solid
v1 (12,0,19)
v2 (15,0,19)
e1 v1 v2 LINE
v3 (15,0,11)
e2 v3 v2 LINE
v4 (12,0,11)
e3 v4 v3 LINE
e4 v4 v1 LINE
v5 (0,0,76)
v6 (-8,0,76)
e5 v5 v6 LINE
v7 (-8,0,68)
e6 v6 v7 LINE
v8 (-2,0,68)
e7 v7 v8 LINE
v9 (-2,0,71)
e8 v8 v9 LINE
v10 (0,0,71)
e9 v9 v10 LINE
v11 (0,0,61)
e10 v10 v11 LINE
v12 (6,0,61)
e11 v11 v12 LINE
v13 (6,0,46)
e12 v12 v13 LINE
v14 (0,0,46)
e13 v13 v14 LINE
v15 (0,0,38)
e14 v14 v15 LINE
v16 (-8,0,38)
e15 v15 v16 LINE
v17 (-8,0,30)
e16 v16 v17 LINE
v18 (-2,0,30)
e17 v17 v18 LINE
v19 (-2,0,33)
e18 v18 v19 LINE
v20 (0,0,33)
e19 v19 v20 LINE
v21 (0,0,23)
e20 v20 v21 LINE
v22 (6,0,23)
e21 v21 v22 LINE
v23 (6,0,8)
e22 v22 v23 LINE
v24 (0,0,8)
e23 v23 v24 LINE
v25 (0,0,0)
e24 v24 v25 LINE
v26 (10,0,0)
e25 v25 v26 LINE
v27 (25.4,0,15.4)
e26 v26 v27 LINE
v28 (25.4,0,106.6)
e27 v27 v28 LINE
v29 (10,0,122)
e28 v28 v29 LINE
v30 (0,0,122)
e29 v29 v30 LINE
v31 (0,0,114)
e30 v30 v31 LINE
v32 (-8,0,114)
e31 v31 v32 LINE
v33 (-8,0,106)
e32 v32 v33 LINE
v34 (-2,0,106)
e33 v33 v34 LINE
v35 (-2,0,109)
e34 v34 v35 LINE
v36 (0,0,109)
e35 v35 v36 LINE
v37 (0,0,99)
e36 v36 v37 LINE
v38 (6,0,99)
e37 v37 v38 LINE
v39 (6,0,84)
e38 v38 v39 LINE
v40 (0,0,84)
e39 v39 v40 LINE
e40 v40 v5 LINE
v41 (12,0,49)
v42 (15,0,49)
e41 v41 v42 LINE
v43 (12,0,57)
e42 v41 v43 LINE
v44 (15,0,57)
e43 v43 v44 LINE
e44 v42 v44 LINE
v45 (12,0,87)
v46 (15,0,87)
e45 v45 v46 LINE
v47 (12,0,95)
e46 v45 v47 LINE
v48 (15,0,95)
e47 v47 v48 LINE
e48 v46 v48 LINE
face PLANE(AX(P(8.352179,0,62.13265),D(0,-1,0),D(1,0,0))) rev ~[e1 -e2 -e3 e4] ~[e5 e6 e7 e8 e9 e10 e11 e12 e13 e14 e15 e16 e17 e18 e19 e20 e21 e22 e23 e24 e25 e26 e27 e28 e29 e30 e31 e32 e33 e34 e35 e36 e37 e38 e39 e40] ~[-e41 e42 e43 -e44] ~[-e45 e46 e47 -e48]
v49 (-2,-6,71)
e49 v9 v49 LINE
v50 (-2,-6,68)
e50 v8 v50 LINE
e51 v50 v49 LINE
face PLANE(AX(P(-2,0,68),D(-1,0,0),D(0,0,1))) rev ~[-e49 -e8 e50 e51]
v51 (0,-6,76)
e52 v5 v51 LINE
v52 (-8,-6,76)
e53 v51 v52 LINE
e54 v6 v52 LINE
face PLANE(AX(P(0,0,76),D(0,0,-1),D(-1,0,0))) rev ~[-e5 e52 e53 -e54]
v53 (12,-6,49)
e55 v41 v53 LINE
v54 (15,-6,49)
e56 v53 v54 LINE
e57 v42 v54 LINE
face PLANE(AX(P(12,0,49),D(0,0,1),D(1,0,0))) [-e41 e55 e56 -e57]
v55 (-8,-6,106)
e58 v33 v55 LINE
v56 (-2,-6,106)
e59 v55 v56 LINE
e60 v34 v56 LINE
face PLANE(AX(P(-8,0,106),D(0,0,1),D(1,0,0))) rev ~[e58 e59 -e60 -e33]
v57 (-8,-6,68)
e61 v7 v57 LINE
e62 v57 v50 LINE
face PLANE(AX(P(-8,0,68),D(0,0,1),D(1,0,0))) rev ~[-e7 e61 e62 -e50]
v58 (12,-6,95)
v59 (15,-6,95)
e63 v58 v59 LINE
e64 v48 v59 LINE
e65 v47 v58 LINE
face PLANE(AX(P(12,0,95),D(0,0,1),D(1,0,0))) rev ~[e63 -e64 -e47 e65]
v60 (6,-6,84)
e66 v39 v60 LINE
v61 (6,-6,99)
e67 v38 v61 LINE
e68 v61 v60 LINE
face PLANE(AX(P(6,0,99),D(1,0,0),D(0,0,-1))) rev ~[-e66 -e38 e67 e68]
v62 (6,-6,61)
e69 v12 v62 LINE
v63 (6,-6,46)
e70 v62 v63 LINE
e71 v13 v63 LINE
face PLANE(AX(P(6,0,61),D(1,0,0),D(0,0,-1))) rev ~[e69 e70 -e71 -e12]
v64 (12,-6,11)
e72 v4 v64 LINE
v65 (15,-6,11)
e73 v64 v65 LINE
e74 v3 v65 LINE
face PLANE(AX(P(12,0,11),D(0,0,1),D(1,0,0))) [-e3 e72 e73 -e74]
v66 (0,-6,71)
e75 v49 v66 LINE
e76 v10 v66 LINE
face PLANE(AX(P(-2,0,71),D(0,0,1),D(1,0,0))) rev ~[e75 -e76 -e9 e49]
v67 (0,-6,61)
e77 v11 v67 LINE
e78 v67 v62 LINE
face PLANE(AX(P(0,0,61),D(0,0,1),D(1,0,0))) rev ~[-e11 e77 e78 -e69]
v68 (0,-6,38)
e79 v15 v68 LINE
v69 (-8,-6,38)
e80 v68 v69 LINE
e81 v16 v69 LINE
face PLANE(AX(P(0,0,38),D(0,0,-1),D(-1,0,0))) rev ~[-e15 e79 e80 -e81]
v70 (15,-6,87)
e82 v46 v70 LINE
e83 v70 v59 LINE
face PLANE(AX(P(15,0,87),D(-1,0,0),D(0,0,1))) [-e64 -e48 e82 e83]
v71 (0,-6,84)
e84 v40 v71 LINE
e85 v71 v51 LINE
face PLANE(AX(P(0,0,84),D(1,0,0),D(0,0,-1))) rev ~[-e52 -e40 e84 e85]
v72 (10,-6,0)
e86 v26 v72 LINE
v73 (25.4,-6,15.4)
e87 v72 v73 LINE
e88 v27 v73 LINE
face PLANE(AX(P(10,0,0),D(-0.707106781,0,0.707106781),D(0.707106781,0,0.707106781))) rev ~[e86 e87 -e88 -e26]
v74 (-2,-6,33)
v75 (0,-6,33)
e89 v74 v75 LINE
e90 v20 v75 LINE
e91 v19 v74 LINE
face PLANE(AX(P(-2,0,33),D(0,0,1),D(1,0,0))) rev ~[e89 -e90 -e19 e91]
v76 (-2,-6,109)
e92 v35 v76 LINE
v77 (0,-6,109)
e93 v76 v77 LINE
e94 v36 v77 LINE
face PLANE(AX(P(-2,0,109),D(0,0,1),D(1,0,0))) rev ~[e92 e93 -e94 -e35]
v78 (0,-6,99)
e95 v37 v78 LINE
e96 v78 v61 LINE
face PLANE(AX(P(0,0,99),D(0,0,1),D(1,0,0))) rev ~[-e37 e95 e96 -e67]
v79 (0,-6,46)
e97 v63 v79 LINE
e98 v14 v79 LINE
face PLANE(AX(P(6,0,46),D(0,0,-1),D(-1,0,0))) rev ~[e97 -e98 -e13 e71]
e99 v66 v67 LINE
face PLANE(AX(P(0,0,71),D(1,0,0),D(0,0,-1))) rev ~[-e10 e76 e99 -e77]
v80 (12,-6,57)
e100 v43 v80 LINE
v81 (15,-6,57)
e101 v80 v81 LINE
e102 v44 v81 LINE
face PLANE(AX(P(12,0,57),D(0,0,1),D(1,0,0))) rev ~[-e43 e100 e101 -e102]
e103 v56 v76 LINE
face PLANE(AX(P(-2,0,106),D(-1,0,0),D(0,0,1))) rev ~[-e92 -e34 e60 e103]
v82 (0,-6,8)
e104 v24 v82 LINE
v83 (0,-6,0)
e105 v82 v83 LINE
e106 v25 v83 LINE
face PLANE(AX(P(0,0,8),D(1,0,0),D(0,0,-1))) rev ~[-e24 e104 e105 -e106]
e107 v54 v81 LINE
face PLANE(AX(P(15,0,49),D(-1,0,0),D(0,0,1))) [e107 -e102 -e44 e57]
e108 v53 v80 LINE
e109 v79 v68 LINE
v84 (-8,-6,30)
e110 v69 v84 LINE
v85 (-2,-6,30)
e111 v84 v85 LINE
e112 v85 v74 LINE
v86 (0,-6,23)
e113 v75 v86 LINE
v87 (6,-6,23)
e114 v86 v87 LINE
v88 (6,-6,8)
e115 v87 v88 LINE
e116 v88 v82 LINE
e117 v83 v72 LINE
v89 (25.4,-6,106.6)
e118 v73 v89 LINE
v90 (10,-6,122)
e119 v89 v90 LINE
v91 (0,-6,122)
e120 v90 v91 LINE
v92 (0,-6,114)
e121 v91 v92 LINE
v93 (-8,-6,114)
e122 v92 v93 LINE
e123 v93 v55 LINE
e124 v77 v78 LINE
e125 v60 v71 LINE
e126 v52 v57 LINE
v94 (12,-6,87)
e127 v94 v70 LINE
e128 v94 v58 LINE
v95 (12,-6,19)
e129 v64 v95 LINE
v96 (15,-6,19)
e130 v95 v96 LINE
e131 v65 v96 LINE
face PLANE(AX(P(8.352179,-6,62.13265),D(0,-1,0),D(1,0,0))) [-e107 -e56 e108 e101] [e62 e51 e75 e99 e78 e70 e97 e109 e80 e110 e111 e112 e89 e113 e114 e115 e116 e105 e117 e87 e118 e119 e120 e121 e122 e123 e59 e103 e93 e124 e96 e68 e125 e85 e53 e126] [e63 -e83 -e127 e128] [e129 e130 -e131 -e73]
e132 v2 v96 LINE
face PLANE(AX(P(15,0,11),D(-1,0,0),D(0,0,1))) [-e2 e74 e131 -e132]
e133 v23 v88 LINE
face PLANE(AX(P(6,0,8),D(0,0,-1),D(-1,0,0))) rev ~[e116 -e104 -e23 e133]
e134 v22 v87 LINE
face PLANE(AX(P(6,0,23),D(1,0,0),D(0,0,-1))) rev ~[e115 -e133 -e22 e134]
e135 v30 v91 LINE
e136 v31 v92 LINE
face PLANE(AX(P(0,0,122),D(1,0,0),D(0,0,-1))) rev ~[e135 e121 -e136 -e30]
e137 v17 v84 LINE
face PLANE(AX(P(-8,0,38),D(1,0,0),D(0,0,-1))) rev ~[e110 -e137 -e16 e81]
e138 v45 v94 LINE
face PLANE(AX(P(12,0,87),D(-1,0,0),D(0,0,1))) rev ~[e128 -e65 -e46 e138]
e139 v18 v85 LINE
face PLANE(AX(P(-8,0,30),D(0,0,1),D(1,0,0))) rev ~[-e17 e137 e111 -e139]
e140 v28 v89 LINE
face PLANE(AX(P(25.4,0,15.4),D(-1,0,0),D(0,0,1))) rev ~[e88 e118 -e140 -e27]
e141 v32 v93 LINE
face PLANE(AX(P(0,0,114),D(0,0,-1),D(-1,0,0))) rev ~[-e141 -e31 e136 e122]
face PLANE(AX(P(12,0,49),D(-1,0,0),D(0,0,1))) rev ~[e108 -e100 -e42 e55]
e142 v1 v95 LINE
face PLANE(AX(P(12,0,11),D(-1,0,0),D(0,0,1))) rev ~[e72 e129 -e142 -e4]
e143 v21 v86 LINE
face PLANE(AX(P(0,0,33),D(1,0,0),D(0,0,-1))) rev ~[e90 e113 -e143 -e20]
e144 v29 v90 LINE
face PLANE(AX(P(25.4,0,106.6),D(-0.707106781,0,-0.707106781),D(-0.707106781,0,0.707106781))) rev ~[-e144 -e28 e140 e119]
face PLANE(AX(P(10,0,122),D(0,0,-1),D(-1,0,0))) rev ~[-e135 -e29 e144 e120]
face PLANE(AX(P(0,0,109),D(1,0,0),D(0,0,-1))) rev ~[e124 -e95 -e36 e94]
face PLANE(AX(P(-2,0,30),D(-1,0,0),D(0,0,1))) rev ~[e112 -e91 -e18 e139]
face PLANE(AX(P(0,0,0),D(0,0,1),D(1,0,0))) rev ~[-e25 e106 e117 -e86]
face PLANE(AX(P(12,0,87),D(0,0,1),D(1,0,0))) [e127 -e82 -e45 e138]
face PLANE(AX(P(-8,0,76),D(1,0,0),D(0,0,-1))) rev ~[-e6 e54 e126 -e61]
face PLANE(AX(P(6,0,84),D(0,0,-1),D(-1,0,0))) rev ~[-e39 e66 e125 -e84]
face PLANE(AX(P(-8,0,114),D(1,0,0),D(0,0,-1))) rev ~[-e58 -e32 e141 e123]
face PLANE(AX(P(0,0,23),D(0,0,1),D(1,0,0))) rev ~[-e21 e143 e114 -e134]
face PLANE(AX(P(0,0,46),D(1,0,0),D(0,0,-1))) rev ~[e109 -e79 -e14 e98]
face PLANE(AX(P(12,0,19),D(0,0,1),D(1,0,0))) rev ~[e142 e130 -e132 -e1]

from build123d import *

# Parameters (mm, degrees)
F0_W     = 3
F0_H     = 8
F1_DEPTH = 6


with BuildPart() as f1:
    # F0 (on Front) → F1 (new body)
    with BuildSketch(Plane.XZ):
        Polygon((0, 46), (0, 38), (-8, 38), (-8, 30), (-2, 30), (-2, 33), (0, 33), (0, 23), (6, 23), (6, 8), (0, 8), (0, 0), (10, 0), (25.4, 15.4), (25.4, 106.6), (10, 122), (0, 122), (0, 114), (-8, 114), (-8, 106), (-2, 106), (-2, 109), (0, 109), (0, 99), (6, 99), (6, 84), (0, 84), (0, 76), (-8, 76), (-8, 68), (-2, 68), (-2, 71), (0, 71), (0, 61), (6, 61), (6, 46), align=None)
        with Locations((13.5, 15)):
            Rectangle(F0_W, F0_H, mode=Mode.SUBTRACT)
        with Locations((13.5, 53)):
            Rectangle(F0_W, F0_H, mode=Mode.SUBTRACT)
        with Locations((13.5, 91)):
            Rectangle(F0_W, F0_H, mode=Mode.SUBTRACT)
    extrude(amount=F1_DEPTH)


solid = f1.part
